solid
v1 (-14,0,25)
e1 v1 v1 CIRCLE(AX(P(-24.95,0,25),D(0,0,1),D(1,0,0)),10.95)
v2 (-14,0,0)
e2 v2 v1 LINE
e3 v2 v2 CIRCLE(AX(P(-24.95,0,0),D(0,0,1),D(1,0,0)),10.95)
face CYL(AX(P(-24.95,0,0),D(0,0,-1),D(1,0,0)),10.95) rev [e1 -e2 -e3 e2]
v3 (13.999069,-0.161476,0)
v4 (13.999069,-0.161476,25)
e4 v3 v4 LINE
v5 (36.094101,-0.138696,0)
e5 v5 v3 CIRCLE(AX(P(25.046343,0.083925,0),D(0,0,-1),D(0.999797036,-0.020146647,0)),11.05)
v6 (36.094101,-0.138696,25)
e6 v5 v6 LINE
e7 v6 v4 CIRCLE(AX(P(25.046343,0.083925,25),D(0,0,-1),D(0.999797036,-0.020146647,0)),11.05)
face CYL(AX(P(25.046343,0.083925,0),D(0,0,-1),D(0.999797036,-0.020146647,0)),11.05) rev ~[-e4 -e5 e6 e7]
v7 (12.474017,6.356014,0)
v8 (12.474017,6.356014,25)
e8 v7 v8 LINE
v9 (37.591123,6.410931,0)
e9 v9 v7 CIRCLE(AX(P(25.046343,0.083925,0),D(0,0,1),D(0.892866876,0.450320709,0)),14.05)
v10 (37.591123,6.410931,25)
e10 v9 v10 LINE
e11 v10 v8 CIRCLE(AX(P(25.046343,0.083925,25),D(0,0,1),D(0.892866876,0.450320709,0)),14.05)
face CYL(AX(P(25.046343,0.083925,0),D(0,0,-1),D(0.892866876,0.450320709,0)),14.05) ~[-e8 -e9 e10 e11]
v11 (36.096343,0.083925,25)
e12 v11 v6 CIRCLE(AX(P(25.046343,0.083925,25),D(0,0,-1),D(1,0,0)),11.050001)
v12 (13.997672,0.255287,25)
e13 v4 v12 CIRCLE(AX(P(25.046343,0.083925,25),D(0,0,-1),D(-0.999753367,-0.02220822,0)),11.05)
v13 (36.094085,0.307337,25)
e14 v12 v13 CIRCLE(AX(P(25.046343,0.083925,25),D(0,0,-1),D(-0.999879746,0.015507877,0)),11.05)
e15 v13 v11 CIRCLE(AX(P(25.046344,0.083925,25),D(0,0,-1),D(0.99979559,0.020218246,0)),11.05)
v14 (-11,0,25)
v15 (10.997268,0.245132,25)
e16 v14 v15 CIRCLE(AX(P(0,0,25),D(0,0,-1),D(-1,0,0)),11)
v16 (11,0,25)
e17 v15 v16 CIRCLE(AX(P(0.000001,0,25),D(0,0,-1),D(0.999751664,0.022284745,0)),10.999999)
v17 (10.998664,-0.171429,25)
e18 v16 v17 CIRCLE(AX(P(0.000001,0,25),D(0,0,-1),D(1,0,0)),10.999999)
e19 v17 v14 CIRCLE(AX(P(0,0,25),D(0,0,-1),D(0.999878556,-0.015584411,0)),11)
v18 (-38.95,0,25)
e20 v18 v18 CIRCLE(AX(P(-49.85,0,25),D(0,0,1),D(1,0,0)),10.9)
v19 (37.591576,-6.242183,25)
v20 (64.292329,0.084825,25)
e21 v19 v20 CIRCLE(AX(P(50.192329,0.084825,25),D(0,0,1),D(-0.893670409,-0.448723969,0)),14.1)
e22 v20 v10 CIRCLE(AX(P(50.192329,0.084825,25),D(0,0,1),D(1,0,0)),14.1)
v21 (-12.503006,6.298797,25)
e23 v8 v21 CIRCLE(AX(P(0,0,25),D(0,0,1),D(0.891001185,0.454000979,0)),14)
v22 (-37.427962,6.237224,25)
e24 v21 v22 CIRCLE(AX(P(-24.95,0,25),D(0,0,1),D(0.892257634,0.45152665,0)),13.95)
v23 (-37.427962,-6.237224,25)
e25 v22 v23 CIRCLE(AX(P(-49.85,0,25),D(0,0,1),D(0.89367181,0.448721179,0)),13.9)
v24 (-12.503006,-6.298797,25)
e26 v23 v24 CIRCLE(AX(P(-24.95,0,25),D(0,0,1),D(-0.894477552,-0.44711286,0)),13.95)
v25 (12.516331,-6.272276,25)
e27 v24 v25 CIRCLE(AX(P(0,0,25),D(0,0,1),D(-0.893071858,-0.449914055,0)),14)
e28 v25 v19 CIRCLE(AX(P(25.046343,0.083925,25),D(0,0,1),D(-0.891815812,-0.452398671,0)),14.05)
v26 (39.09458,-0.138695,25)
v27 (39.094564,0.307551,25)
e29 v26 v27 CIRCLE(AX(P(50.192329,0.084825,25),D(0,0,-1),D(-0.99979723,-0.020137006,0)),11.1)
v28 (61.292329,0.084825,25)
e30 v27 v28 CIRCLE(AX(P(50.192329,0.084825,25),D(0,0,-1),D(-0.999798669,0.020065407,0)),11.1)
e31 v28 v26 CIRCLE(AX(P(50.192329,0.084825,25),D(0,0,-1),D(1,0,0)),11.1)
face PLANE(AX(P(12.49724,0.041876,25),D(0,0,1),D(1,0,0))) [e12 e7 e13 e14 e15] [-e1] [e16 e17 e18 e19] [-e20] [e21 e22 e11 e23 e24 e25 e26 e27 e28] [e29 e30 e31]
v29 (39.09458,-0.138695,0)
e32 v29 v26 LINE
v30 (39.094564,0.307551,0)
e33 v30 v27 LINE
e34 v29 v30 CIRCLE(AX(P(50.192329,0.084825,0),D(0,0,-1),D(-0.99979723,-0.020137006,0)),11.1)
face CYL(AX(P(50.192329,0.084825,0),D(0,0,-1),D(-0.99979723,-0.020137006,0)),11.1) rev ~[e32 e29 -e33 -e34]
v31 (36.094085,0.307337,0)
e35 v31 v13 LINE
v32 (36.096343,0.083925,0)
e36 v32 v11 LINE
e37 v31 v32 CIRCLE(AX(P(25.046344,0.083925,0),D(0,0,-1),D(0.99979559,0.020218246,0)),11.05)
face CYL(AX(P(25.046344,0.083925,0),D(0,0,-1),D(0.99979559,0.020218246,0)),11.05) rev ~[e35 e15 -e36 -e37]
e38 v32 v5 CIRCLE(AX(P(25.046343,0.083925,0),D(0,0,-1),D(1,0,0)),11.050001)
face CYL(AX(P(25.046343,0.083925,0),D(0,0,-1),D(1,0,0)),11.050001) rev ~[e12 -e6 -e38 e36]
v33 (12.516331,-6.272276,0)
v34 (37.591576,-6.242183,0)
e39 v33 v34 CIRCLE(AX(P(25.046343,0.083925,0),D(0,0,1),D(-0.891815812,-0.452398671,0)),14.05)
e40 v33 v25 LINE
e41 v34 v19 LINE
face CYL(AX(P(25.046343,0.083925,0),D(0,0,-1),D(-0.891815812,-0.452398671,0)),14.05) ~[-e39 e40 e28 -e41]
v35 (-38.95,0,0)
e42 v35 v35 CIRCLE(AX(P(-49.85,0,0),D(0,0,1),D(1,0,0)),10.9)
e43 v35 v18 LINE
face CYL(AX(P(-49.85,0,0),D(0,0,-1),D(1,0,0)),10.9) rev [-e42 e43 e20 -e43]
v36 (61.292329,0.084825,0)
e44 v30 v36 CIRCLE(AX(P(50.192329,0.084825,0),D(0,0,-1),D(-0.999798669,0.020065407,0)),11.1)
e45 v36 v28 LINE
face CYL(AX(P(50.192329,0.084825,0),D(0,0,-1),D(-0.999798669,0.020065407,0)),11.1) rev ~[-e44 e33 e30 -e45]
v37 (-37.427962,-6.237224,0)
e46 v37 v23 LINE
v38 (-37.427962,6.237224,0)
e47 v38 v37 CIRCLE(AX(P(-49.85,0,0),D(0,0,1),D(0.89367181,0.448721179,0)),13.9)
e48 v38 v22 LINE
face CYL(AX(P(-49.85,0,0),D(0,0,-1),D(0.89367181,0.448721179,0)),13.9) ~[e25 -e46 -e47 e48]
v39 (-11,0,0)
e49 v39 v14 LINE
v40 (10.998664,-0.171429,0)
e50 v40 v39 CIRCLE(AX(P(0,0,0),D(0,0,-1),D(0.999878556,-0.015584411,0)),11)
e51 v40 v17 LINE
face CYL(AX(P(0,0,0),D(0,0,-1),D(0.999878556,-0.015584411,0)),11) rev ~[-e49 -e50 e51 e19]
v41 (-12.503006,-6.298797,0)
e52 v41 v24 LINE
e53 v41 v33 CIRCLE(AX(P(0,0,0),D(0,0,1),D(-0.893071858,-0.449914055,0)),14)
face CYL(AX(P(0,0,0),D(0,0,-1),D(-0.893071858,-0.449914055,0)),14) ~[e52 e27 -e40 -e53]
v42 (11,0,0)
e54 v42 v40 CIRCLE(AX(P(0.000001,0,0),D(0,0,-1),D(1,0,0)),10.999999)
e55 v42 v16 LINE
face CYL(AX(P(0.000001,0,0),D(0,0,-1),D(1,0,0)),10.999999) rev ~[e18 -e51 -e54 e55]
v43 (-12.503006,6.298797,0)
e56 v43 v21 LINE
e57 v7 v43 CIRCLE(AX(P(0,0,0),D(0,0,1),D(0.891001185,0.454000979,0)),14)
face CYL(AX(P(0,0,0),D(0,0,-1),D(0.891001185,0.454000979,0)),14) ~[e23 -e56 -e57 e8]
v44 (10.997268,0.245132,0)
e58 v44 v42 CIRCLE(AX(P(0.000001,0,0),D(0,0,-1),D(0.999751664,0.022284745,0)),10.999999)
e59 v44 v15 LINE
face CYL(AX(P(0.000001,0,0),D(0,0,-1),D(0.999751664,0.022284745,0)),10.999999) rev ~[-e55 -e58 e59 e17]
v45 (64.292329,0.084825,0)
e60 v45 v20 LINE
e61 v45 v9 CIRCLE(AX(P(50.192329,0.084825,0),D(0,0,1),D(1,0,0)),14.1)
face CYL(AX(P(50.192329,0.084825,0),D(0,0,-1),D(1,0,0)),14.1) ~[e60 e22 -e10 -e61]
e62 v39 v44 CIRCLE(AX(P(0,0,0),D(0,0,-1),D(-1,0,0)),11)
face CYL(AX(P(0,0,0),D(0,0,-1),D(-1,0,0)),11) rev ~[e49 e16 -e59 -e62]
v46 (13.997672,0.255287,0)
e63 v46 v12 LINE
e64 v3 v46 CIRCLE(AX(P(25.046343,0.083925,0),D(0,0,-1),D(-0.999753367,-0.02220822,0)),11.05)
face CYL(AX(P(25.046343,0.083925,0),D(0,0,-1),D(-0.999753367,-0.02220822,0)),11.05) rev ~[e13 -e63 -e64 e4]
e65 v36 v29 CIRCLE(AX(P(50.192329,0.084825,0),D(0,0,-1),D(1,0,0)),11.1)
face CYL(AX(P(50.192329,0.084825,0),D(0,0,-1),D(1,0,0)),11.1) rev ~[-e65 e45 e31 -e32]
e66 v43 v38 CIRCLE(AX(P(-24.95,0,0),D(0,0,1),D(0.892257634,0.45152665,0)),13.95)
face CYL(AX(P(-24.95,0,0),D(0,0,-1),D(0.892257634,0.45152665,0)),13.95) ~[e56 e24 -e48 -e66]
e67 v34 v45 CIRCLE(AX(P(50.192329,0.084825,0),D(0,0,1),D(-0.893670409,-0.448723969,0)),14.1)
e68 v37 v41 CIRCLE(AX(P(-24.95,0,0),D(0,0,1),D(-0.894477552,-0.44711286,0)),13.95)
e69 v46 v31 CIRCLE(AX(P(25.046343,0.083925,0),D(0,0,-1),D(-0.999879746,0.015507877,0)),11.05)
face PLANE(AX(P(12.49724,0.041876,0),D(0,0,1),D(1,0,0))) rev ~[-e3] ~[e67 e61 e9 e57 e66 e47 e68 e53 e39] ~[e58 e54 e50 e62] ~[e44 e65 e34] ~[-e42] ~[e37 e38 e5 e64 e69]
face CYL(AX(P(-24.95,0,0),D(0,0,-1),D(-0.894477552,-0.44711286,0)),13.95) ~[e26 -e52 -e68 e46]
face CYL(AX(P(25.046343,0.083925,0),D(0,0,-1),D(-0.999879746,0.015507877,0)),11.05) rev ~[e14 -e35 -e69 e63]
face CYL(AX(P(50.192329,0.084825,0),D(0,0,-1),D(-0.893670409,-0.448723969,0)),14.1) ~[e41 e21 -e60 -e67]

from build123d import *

# Parameters (mm, degrees)
F0_R     = 10.95
F0_R_2   = 10.9
F1_DEPTH = 25


with BuildPart() as f1:
    # F0 (on Top) → F1 (new body)
    with BuildSketch(Plane.XY):
        with BuildLine():
            ThreePointArc((10.9972683067, 0.2451321879), (10.9993170555, 0.122573704), (11, 0))
            ThreePointArc((11, 0), (10.9996660231, -0.0857168628), (10.9986641126, -0.1714285206))
            ThreePointArc((10.9986641126, -0.1714285206), (11.4118831548, -3.3078286765), (12.5163312879, -6.2722763883))
            ThreePointArc((12.5163312879, -6.2722763883), (13.6052225389, -3.3011997316), (13.9990687383, -0.1614758858))
            ThreePointArc((13.9990687383, -0.1614758858), (13.9964054773, 0.0468989626), (13.997672255, 0.2552869798))
            ThreePointArc((13.997672255, 0.2552869798), (13.582794049, 3.3923009629), (12.4740165875, 6.3560137016))
            ThreePointArc((12.4740165875, 6.3560137016), (11.3894594932, 3.3842311013), (10.9972683067, 0.2451321879))
        make_face()
        with BuildLine():
            ThreePointArc((-11, 0), (-0.122573704, 10.9993170555), (10.9972683067, 0.2451321879))
            ThreePointArc((10.9972683067, 0.2451321879), (11.3894594932, 3.3842311013), (12.4740165875, 6.3560137016))
            ThreePointArc((12.4740165875, 6.3560137016), (-0.0320708777, 13.9999632663), (-12.503006012, 6.2987967631))
            ThreePointArc((-12.503006012, 6.2987967631), (-11.3809531261, 3.2378182367), (-11, 0))
        make_face()
        with BuildLine():
            ThreePointArc((12.5163312879, -6.2722763883), (11.4118831548, -3.3078286765), (10.9986641126, -0.1714285206))
            ThreePointArc((10.9986641126, -0.1714285206), (-0.0857168628, -10.9996660231), (-11, 0))
            ThreePointArc((-11, 0), (-11.3809531261, -3.2378182367), (-12.503006012, -6.2987967631))
            ThreePointArc((-12.503006012, -6.2987967631), (0.014839923, -13.9999921349), (12.5163312879, -6.2722763883))
        make_face()
        with BuildLine():
            ThreePointArc((-12.503006012, -6.2987967631), (-11.3809531261, -3.2378182367), (-11, 0))
            ThreePointArc((-11, 0), (-11.3809531261, 3.2378182367), (-12.503006012, 6.2987967631))
            ThreePointArc((-12.503006012, 6.2987967631), (-13.6206109292, 3.2371218568), (-14, 0))
            ThreePointArc((-14, 0), (-13.6206109292, -3.2371218568), (-12.503006012, -6.2987967631))
        make_face()
        with BuildLine():
            ThreePointArc((37.5911230587, 6.4109309034), (25.0156239489, 14.1338913593), (12.4740165875, 6.3560137016))
            ThreePointArc((12.4740165875, 6.3560137016), (13.582794049, 3.3923009629), (13.997672255, 0.2552869798))
            ThreePointArc((13.997672255, 0.2552869798), (25.0203144996, 11.1338942861), (36.094084718, 0.3073365631))
            ThreePointArc((36.094084718, 0.3073365631), (36.4982198066, 3.4436013674), (37.5911230587, 6.4109309034))
        make_face()
        with BuildLine():
            ThreePointArc((13.9990687383, -0.1614758858), (13.6052225389, -3.3011997316), (12.5163312879, -6.2722763883))
            ThreePointArc((12.5163312879, -6.2722763883), (25.0632053772, -13.9660649392), (37.5915761272, -6.2421826234))
            ThreePointArc((37.5915761272, -6.2421826234), (36.4984603763, -3.274931362), (36.094100689, -0.1386955073))
            ThreePointArc((36.094100689, -0.1386955073), (25.0577361887, -10.9660691845), (13.9990687383, -0.1614758858))
        make_face()
        with BuildLine():
            ThreePointArc((-14, 0), (-13.6206109292, 3.2371218568), (-12.503006012, 6.2987967631))
            ThreePointArc((-12.503006012, 6.2987967631), (-24.9844607205, 13.9499574357), (-37.4279618474, 6.2372243935))
            ThreePointArc((-37.4279618474, 6.2372243935), (-36.3245364161, 3.2049703336), (-35.95, 0))
            ThreePointArc((-35.95, 0), (-36.3245364161, -3.2049703336), (-37.4279618474, -6.2372243935))
            ThreePointArc((-37.4279618474, -6.2372243935), (-24.9844607205, -13.9499574357), (-12.503006012, -6.2987967631))
            ThreePointArc((-12.503006012, -6.2987967631), (-13.6206109292, -3.2371218568), (-14, 0))
        make_face()
        with Locations((-24.95, 0)):
            Circle(F0_R, mode=Mode.SUBTRACT)
        with BuildLine():
            ThreePointArc((64.2923288908, 0.0848253417), (53.4429440455, 13.8050112412), (37.5911230587, 6.4109309034))
            ThreePointArc((37.5911230587, 6.4109309034), (38.6885470948, 3.444398058), (39.0945636599, 0.3075513632))
            ThreePointArc((39.0945636599, 0.3075513632), (50.3036975072, 11.1842666354), (61.2923288908, 0.0848253417))
            ThreePointArc((61.2923288908, 0.0848253417), (50.3040949435, -11.0146119571), (39.0945796386, -0.1386954319))
            ThreePointArc((39.0945796386, -0.1386954319), (38.688787716, -3.275571195), (37.5915761272, -6.2421826234))
            ThreePointArc((37.5915761272, -6.2421826234), (53.4434353204, -13.6352441546), (64.2923288908, 0.0848253417))
        make_face()
        with BuildLine():
            ThreePointArc((39.0945636599, 0.3075513632), (38.6885470948, 3.444398058), (37.5911230587, 6.4109309034))
            ThreePointArc((37.5911230587, 6.4109309034), (36.4982198066, 3.4436013674), (36.094084718, 0.3073365631))
            ThreePointArc((36.094084718, 0.3073365631), (36.0957787484, 0.1956364617), (36.0963434444, 0.0839249425))
            ThreePointArc((36.0963434444, 0.0839249425), (36.0957827413, -0.0273909308), (36.094100689, -0.1386955073))
            ThreePointArc((36.094100689, -0.1386955073), (36.4984603763, -3.274931362), (37.5915761272, -6.2421826234))
            ThreePointArc((37.5915761272, -6.2421826234), (38.688787716, -3.275571195), (39.0945796386, -0.1386954319))
            ThreePointArc((39.0945796386, -0.1386954319), (39.0923288979, 0.0844278854), (39.0945636599, 0.3075513632))
        make_face()
        with BuildLine():
            ThreePointArc((-37.4279618474, -6.2372243935), (-38.9, 0), (-37.4279618474, 6.2372243935))
            ThreePointArc((-37.4279618474, 6.2372243935), (-63.75, 0), (-37.4279618474, -6.2372243935))
        make_face()
        with Locations((-49.85, 0)):
            Circle(F0_R_2, mode=Mode.SUBTRACT)
        with BuildLine():
            ThreePointArc((-35.95, 0), (-36.3245364161, 3.2049703336), (-37.4279618474, 6.2372243935))
            ThreePointArc((-37.4279618474, 6.2372243935), (-38.9, 0), (-37.4279618474, -6.2372243935))
            ThreePointArc((-37.4279618474, -6.2372243935), (-36.3245364161, -3.2049703336), (-35.95, 0))
        make_face()
    extrude(amount=F1_DEPTH)


solid = f1.part
